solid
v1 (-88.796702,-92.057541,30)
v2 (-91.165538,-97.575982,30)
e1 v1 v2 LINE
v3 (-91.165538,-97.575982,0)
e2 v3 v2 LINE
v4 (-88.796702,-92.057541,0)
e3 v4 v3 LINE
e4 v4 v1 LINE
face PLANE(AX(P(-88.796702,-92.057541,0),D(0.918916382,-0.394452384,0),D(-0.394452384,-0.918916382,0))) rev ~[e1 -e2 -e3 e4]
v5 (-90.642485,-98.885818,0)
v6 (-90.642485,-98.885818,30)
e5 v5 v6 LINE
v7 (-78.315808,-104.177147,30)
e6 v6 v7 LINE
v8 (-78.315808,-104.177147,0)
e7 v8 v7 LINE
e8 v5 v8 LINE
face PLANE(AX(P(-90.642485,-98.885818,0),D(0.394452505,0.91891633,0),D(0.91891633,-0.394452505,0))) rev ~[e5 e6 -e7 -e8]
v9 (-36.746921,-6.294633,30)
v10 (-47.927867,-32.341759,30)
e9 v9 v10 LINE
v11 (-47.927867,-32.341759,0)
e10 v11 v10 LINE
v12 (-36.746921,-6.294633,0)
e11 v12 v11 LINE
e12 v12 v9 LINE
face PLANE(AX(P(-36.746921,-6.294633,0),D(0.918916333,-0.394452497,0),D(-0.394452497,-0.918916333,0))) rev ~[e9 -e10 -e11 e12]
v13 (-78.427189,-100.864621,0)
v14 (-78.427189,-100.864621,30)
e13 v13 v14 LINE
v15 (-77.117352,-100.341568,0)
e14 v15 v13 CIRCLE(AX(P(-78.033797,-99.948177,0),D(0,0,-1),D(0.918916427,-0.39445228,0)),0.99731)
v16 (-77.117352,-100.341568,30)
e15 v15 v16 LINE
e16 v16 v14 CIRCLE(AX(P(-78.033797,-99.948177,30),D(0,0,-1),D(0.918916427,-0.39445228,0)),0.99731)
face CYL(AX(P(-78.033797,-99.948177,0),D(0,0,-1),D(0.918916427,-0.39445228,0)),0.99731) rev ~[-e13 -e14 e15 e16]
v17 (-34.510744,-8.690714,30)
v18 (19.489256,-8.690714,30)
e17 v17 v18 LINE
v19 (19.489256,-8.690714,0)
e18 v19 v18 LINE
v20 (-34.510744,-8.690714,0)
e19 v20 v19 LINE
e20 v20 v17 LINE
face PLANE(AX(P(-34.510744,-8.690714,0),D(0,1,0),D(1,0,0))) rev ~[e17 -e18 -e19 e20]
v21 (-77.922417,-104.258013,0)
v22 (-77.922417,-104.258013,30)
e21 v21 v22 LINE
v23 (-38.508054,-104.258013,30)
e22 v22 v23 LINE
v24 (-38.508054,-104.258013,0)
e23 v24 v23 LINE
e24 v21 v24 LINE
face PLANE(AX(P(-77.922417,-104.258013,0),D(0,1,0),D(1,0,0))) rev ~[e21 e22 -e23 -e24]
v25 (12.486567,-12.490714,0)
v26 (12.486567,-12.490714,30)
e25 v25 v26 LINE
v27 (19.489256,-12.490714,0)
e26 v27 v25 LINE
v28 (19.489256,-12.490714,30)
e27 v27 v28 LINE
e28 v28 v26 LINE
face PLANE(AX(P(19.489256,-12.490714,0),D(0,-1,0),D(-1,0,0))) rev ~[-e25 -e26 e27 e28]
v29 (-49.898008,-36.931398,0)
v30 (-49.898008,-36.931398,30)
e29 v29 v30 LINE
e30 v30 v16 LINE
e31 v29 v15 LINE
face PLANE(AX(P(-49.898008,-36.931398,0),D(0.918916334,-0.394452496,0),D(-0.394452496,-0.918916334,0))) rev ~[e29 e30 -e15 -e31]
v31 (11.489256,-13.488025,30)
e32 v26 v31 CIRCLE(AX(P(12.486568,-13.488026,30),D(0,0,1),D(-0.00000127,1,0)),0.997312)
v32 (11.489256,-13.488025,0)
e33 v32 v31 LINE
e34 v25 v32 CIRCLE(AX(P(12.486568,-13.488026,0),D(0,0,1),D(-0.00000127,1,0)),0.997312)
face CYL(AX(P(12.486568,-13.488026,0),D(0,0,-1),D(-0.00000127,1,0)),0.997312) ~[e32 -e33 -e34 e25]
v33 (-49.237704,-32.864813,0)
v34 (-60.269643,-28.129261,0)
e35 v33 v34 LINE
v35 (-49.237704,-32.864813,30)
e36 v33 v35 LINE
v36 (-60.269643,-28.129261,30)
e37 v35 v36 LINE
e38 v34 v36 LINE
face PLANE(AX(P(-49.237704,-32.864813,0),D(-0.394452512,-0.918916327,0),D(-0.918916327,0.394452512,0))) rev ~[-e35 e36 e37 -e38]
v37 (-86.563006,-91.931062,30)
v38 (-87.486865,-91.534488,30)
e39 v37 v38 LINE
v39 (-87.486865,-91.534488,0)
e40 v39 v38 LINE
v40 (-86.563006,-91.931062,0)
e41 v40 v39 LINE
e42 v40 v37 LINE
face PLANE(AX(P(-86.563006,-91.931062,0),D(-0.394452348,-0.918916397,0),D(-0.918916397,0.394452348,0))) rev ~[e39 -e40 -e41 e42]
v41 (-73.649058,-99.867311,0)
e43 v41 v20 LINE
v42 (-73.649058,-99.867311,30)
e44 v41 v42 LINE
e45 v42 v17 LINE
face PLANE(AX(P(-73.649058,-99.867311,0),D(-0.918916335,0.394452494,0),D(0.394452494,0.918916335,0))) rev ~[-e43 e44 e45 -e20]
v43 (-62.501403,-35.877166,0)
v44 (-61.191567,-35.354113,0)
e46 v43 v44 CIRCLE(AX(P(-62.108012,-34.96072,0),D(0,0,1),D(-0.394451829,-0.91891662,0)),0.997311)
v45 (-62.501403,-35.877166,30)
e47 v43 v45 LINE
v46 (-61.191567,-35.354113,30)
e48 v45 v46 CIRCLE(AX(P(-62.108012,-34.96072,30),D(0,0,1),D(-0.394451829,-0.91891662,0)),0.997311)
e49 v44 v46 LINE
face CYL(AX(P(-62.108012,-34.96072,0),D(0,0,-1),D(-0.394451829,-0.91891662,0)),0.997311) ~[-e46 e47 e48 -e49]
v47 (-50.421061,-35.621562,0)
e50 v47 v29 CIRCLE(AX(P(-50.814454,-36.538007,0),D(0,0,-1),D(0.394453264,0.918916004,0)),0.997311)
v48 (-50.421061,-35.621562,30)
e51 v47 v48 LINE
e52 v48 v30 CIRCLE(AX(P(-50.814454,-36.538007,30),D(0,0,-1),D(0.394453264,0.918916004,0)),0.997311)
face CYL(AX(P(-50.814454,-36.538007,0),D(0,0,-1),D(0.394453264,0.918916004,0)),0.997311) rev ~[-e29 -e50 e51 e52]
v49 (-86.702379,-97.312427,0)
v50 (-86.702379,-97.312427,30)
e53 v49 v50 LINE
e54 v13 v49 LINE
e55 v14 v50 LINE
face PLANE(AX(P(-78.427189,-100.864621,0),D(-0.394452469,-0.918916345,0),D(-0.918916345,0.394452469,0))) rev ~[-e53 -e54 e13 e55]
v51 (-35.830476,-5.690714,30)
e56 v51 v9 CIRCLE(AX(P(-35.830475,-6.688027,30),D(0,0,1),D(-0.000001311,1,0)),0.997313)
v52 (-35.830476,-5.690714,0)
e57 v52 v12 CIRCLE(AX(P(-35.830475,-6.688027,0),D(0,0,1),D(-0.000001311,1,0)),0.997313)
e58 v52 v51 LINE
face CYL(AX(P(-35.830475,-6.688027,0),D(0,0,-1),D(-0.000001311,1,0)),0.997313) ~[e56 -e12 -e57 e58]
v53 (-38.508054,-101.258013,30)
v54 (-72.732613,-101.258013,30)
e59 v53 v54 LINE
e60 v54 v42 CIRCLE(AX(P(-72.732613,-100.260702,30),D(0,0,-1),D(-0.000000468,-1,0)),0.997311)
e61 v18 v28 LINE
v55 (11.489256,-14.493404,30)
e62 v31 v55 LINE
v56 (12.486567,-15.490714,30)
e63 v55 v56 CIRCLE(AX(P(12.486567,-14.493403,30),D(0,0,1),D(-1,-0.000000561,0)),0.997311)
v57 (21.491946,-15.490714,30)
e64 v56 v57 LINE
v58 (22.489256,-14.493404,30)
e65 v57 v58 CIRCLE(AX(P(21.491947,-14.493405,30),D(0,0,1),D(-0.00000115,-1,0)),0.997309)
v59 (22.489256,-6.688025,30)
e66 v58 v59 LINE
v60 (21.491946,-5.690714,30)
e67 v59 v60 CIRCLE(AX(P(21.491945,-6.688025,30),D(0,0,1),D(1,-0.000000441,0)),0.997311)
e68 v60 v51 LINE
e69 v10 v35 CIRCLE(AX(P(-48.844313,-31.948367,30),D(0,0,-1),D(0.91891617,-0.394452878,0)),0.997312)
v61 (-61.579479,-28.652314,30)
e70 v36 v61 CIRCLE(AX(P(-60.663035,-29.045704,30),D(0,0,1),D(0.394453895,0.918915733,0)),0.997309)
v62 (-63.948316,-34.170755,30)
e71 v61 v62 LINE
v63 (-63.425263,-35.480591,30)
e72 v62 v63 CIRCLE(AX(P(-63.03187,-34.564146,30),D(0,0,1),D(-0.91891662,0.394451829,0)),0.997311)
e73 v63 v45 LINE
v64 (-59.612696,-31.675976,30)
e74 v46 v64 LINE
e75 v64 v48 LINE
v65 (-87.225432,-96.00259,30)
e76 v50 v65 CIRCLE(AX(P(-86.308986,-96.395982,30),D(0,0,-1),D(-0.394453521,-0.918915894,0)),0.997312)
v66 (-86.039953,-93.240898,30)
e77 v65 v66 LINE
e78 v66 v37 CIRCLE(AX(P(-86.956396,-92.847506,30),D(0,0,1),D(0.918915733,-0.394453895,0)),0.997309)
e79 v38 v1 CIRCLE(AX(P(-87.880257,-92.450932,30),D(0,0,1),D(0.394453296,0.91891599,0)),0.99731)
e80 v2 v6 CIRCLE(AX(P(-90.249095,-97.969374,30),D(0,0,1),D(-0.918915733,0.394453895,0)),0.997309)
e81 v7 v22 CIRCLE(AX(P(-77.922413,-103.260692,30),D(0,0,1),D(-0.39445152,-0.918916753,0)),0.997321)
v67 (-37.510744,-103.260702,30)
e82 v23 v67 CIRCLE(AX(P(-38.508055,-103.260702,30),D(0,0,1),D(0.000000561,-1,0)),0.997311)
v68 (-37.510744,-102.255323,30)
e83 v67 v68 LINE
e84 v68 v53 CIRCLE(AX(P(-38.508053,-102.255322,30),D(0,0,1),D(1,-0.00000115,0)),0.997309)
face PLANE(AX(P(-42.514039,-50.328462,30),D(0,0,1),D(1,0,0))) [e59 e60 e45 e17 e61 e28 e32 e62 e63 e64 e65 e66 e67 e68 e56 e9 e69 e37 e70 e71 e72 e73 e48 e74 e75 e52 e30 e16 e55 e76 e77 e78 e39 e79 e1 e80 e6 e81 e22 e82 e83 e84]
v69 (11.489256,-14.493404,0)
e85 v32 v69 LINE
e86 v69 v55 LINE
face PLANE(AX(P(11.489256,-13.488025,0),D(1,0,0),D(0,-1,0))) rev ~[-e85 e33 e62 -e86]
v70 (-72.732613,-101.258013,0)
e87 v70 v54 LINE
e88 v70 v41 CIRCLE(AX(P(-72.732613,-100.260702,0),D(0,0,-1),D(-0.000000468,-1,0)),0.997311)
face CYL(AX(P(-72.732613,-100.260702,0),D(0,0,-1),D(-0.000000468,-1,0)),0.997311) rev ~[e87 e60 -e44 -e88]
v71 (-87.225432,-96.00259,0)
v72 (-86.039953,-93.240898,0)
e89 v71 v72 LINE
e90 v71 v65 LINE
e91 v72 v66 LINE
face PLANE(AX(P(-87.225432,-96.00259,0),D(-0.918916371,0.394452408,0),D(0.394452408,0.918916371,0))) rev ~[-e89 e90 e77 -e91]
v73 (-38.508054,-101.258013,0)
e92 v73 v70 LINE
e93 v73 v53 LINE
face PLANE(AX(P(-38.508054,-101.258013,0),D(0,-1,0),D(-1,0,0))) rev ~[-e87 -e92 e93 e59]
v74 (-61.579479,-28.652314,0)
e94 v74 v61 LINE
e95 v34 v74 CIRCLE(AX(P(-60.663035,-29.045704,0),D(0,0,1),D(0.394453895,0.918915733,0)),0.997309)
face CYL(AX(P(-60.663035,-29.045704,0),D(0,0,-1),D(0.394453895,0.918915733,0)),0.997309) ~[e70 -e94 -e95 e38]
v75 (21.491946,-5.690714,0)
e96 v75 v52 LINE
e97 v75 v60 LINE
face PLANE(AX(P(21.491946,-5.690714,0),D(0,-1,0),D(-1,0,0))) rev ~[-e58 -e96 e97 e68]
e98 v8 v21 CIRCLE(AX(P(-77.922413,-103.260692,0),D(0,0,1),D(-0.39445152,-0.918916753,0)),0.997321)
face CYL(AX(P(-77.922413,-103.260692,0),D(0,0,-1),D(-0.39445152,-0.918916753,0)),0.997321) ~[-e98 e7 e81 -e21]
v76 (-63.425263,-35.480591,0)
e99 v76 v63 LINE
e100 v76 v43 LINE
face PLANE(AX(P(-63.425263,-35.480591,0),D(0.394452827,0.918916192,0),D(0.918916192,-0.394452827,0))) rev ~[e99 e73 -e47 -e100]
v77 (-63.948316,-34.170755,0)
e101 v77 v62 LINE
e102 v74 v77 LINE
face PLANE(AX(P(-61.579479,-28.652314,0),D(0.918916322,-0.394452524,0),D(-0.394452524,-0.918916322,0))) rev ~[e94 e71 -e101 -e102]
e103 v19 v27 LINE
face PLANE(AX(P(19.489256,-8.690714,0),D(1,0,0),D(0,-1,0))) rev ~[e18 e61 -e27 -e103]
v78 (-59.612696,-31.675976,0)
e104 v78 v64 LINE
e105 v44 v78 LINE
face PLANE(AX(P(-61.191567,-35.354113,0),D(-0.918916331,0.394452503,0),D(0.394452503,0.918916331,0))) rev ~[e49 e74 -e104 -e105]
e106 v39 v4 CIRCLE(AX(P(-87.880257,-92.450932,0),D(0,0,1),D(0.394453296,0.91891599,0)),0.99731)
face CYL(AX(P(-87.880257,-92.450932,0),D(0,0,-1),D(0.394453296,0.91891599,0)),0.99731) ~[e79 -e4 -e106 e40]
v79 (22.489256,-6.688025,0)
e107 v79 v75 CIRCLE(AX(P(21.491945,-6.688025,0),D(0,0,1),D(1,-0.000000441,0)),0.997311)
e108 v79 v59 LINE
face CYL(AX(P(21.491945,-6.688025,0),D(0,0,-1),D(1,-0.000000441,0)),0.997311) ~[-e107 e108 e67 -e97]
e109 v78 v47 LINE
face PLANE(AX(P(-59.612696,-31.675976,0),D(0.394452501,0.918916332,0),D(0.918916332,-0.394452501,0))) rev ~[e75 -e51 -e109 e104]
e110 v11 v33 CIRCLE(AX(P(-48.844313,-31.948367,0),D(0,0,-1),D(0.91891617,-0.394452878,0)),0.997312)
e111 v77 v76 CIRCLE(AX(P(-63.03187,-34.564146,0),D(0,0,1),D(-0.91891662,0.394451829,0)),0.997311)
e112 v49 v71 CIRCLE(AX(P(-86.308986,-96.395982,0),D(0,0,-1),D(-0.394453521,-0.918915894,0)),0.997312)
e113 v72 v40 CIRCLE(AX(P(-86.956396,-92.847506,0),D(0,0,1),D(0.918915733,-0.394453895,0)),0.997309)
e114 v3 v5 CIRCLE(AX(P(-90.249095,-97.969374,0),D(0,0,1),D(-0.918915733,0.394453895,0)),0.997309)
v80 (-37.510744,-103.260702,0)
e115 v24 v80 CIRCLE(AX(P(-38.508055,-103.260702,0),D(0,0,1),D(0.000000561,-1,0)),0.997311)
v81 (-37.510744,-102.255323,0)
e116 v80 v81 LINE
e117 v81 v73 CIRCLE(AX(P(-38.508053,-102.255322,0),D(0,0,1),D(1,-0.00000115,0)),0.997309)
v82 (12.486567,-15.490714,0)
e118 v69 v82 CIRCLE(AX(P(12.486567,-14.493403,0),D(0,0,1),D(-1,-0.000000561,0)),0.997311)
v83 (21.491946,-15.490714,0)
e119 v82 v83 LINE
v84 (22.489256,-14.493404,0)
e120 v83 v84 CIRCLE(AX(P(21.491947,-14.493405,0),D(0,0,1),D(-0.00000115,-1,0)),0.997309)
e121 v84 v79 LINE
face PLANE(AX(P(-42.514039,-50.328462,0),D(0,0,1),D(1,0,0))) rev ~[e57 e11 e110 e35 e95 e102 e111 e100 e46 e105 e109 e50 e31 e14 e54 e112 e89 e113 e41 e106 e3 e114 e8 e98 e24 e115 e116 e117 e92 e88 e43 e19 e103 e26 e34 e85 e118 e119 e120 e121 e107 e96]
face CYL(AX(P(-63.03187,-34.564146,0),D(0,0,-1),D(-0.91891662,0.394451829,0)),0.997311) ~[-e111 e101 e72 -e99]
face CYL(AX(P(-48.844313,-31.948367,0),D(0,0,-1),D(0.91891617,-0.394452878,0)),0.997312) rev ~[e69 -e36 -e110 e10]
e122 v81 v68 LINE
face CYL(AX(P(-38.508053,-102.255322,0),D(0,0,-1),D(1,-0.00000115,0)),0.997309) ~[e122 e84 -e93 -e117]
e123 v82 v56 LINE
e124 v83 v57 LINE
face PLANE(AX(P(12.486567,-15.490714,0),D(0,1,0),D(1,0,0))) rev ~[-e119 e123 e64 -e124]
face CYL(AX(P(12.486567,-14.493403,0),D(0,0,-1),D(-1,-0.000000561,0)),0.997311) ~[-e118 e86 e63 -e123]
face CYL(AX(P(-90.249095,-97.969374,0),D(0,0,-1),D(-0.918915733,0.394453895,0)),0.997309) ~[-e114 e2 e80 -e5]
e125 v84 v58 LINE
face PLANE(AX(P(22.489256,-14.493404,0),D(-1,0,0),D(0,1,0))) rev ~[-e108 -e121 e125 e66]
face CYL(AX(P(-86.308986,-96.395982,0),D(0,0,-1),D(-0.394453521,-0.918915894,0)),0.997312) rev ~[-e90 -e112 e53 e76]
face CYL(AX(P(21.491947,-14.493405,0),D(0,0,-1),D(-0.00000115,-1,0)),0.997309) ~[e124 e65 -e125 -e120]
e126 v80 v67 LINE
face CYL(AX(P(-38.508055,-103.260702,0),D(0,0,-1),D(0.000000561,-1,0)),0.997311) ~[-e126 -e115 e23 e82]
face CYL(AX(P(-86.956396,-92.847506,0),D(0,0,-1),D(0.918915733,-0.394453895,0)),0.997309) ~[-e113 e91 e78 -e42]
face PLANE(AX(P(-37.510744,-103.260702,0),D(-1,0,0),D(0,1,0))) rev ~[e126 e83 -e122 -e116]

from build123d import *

# Parameters (mm, degrees)
F1_DEPTH = 30


with BuildPart() as f1:
    # F0 (on Top) → F1 (new body)
    with BuildSketch(Plane.XY):
        with BuildLine():
            Line((19.489256, -12.490714), (12.486567, -12.490714))
            ThreePointArc((12.486567, -12.490714), (11.781362, -12.78282), (11.489256, -13.488025))
            Line((11.489256, -13.488025), (11.489256, -14.493404))
            ThreePointArc((11.489256, -14.493404), (11.781362, -15.198609), (12.486567, -15.490714))
            Line((12.486567, -15.490714), (21.491946, -15.490714))
            ThreePointArc((21.491946, -15.490714), (22.197151, -15.198609), (22.489256, -14.493404))
            Line((22.489256, -14.493404), (22.489256, -6.688025))
            ThreePointArc((22.489256, -6.688025), (22.197151, -5.98282), (21.491946, -5.690714))
            Line((21.491946, -5.690714), (-35.830476, -5.690714))
            ThreePointArc((-35.830476, -5.690714), (-36.379245, -5.85527), (-36.746921, -6.294633))
            Line((-36.746921, -6.294633), (-47.927867, -32.341759))
            ThreePointArc((-47.927867, -32.341759), (-48.474458, -32.874562), (-49.237704, -32.864813))
            Line((-49.237704, -32.864813), (-60.269643, -28.129261))
            ThreePointArc((-60.269643, -28.129261), (-61.032889, -28.119511), (-61.579479, -28.652314))
            Line((-61.579479, -28.652314), (-63.948316, -34.170755))
            ThreePointArc((-63.948316, -34.170755), (-63.958065, -34.934001), (-63.425263, -35.480591))
            Line((-63.425263, -35.480591), (-62.501403, -35.877166))
            ThreePointArc((-62.501403, -35.877166), (-61.738157, -35.886915), (-61.191567, -35.354113))
            Line((-61.191567, -35.354113), (-59.612696, -31.675976))
            Line((-59.612696, -31.675976), (-50.421061, -35.621562))
            ThreePointArc((-50.421061, -35.621562), (-49.888259, -36.168152), (-49.898008, -36.931398))
            Line((-49.898008, -36.931398), (-77.117352, -100.341568))
            ThreePointArc((-77.117352, -100.341568), (-77.663943, -100.874371), (-78.427189, -100.864621))
            Line((-78.427189, -100.864621), (-86.702379, -97.312427))
            ThreePointArc((-86.702379, -97.312427), (-87.235181, -96.765837), (-87.225432, -96.00259))
            Line((-87.225432, -96.00259), (-86.039953, -93.240898))
            ThreePointArc((-86.039953, -93.240898), (-86.030203, -92.477652), (-86.563006, -91.931062))
            Line((-86.563006, -91.931062), (-87.486865, -91.534488))
            ThreePointArc((-87.486865, -91.534488), (-88.250111, -91.524738), (-88.796702, -92.057541))
            Line((-88.796702, -92.057541), (-91.165538, -97.575982))
            ThreePointArc((-91.165538, -97.575982), (-91.175288, -98.339228), (-90.642485, -98.885818))
            Line((-90.642485, -98.885818), (-78.315808, -104.177147))
            ThreePointArc((-78.315808, -104.177147), (-78.123225, -104.237587), (-77.922417, -104.258013))
            Line((-77.922417, -104.258013), (-38.508054, -104.258013))
            ThreePointArc((-38.508054, -104.258013), (-37.802849, -103.965907), (-37.510744, -103.260702))
            Line((-37.510744, -103.260702), (-37.510744, -102.255323))
            ThreePointArc((-37.510744, -102.255323), (-37.802849, -101.550118), (-38.508054, -101.258013))
            Line((-38.508054, -101.258013), (-72.732613, -101.258013))
            ThreePointArc((-72.732613, -101.258013), (-73.565368, -100.809471), (-73.649058, -99.867311))
            Line((-73.649058, -99.867311), (-34.510744, -8.690714))
            Line((-34.510744, -8.690714), (19.489256, -8.690714))
            Line((19.489256, -8.690714), (19.489256, -12.490714))
        make_face()
    extrude(amount=F1_DEPTH)


solid = f1.part
